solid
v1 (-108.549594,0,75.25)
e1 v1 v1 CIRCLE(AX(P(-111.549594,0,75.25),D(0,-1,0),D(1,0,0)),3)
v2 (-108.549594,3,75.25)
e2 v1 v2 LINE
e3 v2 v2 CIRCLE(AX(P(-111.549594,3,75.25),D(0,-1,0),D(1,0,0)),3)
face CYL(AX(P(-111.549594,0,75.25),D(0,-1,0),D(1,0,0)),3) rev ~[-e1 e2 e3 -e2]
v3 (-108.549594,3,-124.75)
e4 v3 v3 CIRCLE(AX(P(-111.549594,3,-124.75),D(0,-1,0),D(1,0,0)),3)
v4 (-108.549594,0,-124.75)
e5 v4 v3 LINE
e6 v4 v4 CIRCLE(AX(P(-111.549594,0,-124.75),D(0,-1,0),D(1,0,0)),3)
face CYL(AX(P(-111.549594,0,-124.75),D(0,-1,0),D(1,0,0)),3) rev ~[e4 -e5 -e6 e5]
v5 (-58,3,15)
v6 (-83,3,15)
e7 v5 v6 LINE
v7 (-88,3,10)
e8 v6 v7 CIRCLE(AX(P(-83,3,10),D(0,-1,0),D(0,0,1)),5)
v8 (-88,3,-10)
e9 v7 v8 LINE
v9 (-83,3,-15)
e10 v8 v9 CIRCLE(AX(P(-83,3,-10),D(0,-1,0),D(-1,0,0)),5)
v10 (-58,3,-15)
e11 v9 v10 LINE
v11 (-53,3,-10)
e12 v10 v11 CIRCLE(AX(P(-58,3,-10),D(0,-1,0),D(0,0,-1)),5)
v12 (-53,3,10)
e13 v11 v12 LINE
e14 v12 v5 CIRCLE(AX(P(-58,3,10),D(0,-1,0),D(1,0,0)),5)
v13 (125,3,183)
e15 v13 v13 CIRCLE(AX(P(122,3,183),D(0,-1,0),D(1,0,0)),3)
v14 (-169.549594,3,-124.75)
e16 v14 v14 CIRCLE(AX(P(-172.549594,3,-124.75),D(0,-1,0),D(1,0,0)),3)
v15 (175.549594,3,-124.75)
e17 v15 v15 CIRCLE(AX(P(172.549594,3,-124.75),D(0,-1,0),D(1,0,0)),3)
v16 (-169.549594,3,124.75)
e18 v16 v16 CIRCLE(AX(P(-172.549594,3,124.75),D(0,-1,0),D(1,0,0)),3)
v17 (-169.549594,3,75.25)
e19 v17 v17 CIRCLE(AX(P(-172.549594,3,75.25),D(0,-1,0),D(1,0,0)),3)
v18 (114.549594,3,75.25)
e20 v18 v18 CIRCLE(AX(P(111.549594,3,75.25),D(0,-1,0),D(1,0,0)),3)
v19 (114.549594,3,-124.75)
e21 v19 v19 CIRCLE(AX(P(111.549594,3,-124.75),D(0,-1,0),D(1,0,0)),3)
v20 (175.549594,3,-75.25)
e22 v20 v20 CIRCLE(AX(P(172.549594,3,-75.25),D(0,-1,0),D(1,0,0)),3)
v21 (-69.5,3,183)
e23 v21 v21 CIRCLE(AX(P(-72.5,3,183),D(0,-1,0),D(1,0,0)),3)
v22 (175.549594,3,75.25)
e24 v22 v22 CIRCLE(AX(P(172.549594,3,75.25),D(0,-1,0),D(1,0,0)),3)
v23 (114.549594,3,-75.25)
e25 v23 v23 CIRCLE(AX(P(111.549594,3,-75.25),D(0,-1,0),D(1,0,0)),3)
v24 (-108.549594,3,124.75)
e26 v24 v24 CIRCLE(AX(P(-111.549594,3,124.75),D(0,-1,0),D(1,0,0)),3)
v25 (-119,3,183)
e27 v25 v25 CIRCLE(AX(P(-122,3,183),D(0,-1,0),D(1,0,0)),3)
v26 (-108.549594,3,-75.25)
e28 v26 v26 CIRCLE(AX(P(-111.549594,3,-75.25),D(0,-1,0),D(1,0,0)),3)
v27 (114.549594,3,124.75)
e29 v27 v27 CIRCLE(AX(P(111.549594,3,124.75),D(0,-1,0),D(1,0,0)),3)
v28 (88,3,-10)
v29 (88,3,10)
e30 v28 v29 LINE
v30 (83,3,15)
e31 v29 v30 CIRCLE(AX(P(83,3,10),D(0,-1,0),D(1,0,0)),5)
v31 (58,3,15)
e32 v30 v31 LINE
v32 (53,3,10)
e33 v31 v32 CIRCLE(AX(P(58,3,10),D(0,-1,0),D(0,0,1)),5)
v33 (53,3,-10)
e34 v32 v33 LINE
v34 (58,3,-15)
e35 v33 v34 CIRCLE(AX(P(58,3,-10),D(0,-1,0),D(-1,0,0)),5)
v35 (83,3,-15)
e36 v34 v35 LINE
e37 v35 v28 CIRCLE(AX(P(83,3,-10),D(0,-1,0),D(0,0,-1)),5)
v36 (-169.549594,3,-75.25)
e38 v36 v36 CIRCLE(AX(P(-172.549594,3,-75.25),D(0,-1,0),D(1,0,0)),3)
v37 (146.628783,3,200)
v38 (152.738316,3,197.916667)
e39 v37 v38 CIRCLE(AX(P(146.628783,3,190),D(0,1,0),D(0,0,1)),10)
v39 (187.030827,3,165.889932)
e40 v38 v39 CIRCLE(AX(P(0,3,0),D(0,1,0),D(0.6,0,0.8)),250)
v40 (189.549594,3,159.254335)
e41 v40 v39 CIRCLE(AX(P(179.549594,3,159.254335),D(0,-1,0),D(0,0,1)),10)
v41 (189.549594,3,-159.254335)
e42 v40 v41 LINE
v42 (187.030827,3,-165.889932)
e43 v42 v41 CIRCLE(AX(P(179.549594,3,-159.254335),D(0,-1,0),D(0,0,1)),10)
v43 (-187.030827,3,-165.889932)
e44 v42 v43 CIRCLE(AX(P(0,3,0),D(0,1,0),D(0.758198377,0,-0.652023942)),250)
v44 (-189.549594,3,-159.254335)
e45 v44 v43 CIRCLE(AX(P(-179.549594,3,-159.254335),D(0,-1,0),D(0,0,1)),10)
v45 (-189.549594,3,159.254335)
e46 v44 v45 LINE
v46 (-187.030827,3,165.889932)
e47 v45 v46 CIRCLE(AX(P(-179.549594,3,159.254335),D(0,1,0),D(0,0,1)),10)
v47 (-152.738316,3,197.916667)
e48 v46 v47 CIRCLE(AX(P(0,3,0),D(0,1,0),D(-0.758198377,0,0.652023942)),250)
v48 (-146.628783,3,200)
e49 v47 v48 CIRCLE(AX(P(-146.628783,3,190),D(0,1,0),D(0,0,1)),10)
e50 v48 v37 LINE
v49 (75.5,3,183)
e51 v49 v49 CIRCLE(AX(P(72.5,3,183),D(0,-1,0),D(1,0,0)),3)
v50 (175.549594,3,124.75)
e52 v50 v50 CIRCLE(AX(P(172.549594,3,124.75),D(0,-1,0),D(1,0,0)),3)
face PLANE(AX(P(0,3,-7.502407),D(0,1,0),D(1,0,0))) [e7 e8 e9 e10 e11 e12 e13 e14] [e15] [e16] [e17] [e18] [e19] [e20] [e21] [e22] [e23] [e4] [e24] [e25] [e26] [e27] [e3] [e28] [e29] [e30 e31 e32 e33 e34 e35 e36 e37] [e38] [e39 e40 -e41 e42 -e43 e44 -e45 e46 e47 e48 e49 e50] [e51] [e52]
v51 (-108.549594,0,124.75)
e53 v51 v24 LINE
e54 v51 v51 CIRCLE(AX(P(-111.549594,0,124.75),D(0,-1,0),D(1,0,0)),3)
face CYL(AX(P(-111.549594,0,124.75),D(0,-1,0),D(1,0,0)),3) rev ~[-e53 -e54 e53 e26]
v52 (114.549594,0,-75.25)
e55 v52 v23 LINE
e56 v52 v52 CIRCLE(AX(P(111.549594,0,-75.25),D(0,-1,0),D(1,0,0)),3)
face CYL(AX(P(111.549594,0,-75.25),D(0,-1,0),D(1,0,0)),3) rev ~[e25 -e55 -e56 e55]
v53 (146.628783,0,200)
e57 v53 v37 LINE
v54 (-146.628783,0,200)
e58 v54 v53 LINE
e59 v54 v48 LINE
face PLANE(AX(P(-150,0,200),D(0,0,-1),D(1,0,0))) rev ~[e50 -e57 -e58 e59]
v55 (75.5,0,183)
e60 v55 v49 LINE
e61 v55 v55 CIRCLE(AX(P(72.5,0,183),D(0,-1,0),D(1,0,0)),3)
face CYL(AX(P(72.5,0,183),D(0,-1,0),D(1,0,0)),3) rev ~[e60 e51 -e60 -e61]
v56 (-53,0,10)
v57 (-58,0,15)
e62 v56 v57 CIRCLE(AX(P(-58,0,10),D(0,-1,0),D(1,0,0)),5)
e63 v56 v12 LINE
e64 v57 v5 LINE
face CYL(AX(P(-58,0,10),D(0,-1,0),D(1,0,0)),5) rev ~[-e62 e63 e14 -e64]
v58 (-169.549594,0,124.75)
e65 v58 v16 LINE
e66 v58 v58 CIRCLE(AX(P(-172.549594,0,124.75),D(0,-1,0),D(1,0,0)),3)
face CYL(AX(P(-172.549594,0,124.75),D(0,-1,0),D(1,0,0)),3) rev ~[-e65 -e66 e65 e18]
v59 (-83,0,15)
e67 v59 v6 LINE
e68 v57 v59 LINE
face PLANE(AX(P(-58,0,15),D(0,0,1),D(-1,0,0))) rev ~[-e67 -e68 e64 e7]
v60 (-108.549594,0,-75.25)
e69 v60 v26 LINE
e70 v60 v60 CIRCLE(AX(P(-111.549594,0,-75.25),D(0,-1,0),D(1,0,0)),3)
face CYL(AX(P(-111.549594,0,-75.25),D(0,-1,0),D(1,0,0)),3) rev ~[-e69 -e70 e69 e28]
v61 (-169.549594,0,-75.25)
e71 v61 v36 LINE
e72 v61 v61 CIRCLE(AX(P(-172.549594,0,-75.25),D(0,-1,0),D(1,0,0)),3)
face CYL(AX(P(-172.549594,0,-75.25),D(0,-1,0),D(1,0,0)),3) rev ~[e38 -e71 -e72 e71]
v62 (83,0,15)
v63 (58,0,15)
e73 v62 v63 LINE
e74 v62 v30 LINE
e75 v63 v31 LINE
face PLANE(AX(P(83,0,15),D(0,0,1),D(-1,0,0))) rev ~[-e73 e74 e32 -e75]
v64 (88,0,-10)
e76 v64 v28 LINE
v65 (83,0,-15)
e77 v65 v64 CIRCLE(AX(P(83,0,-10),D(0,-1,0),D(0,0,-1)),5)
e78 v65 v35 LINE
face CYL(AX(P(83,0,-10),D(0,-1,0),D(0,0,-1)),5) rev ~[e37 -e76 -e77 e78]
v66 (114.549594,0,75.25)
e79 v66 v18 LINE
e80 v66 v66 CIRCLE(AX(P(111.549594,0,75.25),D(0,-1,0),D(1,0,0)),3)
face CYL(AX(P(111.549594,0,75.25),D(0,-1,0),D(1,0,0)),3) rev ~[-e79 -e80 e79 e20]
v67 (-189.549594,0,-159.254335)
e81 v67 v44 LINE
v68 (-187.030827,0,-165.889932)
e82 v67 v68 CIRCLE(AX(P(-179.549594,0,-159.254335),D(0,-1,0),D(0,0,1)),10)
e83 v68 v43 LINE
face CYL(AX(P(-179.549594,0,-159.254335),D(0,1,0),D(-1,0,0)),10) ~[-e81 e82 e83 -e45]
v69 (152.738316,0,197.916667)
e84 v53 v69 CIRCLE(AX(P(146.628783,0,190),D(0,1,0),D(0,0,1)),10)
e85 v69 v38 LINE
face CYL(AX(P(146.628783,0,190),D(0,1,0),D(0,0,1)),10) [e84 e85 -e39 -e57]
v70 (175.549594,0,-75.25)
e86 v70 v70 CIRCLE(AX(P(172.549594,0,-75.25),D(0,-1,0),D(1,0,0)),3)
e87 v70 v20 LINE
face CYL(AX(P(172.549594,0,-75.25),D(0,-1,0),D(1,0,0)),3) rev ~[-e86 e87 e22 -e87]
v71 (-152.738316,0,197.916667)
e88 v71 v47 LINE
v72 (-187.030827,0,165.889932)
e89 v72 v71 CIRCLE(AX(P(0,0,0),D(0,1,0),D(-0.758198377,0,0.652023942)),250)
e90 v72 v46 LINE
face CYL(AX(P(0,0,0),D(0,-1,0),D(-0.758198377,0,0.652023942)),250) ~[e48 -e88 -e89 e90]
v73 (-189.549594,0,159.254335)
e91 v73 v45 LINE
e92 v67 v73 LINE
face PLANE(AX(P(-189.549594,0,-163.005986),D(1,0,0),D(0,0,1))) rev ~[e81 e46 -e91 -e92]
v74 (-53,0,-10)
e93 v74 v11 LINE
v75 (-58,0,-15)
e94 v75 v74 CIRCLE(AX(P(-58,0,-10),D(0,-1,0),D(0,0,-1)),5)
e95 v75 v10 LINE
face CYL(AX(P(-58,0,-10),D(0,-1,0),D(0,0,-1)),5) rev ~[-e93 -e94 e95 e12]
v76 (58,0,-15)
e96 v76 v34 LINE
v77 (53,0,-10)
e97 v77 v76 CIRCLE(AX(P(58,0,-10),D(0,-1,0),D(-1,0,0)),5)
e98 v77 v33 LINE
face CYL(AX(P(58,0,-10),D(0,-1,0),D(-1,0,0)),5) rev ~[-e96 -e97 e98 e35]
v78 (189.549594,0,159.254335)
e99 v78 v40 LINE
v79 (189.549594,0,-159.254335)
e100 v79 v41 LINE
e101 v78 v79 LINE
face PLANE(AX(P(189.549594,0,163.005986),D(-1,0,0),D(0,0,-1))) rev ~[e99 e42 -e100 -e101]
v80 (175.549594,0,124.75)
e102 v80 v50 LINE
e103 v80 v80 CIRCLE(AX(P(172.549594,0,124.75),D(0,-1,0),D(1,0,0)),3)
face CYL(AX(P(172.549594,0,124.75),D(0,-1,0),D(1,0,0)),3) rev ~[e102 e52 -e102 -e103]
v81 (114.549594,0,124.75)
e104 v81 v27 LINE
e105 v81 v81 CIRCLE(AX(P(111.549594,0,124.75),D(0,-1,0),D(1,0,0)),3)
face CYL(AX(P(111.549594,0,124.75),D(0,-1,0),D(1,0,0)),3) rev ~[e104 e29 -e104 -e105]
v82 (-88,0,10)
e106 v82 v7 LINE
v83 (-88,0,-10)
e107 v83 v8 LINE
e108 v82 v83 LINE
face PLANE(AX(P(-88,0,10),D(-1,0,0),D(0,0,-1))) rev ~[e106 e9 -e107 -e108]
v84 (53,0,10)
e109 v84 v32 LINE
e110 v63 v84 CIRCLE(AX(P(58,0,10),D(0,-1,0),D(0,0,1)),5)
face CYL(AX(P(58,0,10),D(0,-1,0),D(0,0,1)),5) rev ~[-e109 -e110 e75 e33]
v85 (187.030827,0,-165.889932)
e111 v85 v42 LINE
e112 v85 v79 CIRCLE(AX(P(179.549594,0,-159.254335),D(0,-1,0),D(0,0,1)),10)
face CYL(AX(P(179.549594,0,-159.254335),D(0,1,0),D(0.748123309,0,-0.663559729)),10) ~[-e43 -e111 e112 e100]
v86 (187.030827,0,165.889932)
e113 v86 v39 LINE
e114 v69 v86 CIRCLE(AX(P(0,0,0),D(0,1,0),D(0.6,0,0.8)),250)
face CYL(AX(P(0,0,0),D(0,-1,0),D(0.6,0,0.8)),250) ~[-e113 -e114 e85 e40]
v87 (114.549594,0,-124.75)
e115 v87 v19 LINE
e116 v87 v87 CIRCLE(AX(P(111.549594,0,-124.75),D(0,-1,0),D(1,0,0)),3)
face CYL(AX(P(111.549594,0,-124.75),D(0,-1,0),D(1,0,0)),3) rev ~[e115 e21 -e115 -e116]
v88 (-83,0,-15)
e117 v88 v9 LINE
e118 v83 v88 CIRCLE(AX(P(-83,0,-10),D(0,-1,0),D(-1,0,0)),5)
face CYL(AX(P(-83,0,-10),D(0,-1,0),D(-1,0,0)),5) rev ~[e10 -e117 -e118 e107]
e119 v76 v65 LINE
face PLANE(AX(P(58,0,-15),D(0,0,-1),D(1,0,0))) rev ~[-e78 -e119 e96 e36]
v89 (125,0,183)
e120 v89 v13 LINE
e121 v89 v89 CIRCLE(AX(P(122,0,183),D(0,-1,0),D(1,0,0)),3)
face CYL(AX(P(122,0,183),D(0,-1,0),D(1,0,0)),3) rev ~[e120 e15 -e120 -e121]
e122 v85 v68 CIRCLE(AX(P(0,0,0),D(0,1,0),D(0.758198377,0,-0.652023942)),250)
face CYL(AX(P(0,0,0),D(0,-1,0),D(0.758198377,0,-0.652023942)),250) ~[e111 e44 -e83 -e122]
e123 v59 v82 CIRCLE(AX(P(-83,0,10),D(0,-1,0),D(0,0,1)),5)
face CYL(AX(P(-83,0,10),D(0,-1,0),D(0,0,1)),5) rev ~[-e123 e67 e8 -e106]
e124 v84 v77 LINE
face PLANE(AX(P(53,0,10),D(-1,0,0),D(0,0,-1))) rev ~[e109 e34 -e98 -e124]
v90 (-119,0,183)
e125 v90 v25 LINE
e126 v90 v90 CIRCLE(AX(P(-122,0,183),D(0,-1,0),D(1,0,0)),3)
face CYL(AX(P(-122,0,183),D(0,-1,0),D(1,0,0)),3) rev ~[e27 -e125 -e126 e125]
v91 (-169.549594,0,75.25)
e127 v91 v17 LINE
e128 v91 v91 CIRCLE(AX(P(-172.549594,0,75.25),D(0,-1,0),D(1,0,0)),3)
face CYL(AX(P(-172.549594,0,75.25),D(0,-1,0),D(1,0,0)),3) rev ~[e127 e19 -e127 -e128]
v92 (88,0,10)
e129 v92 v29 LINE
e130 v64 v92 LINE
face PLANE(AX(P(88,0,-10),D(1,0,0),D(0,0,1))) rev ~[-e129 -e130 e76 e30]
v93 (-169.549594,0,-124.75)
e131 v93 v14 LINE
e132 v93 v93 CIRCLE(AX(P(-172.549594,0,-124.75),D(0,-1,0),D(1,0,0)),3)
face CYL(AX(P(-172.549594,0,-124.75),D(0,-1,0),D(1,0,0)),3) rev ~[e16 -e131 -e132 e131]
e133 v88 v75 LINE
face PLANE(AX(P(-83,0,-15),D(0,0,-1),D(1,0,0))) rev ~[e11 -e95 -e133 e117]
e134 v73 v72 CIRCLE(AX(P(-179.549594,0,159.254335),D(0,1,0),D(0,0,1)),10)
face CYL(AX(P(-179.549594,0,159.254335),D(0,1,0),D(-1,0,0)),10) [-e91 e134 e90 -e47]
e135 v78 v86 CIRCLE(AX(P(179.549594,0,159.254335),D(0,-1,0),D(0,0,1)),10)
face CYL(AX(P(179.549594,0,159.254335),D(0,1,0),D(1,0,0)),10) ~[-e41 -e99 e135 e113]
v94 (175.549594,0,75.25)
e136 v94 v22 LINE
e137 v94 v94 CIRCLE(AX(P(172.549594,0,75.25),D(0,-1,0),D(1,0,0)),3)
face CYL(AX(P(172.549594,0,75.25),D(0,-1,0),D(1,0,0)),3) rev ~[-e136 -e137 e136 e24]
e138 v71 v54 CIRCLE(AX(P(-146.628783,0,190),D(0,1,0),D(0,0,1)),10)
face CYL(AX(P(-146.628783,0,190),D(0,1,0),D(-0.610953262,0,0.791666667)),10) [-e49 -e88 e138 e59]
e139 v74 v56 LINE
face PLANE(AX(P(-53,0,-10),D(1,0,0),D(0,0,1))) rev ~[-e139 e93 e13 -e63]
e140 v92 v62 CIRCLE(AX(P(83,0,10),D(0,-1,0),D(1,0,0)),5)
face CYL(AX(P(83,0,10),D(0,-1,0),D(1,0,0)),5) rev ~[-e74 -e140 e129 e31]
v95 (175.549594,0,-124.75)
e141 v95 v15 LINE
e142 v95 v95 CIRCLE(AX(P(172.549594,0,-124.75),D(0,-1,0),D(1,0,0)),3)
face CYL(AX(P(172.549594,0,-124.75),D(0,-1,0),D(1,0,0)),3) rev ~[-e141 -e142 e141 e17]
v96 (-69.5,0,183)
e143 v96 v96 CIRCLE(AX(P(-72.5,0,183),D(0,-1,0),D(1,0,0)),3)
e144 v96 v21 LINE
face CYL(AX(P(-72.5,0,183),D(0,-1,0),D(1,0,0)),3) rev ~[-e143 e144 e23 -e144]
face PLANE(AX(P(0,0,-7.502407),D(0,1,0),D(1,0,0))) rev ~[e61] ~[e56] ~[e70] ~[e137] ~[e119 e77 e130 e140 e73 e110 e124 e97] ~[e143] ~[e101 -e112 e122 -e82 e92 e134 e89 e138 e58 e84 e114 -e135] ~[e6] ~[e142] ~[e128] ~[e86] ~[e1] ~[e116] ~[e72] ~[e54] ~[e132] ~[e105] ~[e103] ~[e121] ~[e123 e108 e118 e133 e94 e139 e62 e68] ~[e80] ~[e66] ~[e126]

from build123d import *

# Parameters (mm, degrees)
BOSS_EXTRUDE1_DEPTH     = 3
FILLET1_R               = 10
SKETCH2_R               = 3
CUT_EXTRUDE1_DEPTH      = 1
CUT_EXTRUDE1_DEPTH_BACK = 4


with BuildPart() as part:
    # Sketch1 → Boss-Extrude1 (new body)
    with BuildSketch(Plane(origin=(0, 0, 0), x_dir=(1, 0, 0), z_dir=(0, 1, 0))):
        with BuildLine():
            Line((-189.549594269, 163.005985511), (-189.549594269, 15))
            Line((-189.549594269, 15), (-189.549594269, -15))
            Line((-189.549594269, -15), (-189.549594269, -163.005985511))
            ThreePointArc((-189.549594269, -163.005985511), (-170.779451396, -182.577049436), (-150, -200))
            Line((-150, -200), (150, -200))
            ThreePointArc((150, -200), (170.779451396, -182.577049436), (189.549594269, -163.005985511))
            Line((189.549594269, -163.005985511), (189.549594269, -15))
            Line((189.549594269, -15), (189.549594269, 15))
            Line((189.549594269, 15), (189.549594269, 163.005985511))
            ThreePointArc((189.549594269, 163.005985511), (0, 250), (-189.549594269, 163.005985511))
        make_face()
        with BuildLine():
            ThreePointArc((-83, -15), (-86.535533906, -13.535533906), (-88, -10))
            Line((-88, -10), (-88, 10))
            ThreePointArc((-88, 10), (-86.535533906, 13.535533906), (-83, 15))
            Line((-83, 15), (-58, 15))
            ThreePointArc((-58, 15), (-54.464466094, 13.535533906), (-53, 10))
            Line((-53, 10), (-53, -10))
            ThreePointArc((-53, -10), (-54.464466094, -13.535533906), (-58, -15))
            Line((-58, -15), (-83, -15))
        make_face(mode=Mode.SUBTRACT)
        with BuildLine():
            Line((53, -10), (53, 10))
            ThreePointArc((53, 10), (54.464466094, 13.535533906), (58, 15))
            Line((58, 15), (83, 15))
            ThreePointArc((83, 15), (86.535533906, 13.535533906), (88, 10))
            Line((88, 10), (88, -10))
            ThreePointArc((88, -10), (86.535533906, -13.535533906), (83, -15))
            Line((83, -15), (58, -15))
            ThreePointArc((58, -15), (54.464466094, -13.535533906), (53, -10))
        make_face(mode=Mode.SUBTRACT)
    extrude(amount=BOSS_EXTRUDE1_DEPTH)

    # Fillet1
    fillet1_edges = [part.edges().sort_by_distance(p)[0] for p in [
        (189.549594269, 1.5, 163.005985511),
        (150, 1.5, 200),
        (-150, 1.5, 200),
        (-189.549594269, 1.5, 163.005985511),
        (-189.549594269, 1.5, -163.005985511),
        (189.549594269, 1.5, -163.005985511),
    ]]
    fillet(fillet1_edges, radius=FILLET1_R)

    # Sketch2 → Cut-Extrude1 (cut, two sides)
    with BuildSketch(Plane.XZ) as cut_extrude1_sk:
        with Locations((-172.549594269, -124.75)):
            Circle(SKETCH2_R)
        with Locations((-172.549594269, -75.25)):
            Circle(SKETCH2_R)
        with Locations((-111.549594269, -124.75)):
            Circle(SKETCH2_R)
        with Locations((-111.549594269, -75.25)):
            Circle(SKETCH2_R)
        with Locations((111.549594269, -75.25)):
            Circle(SKETCH2_R)
        with Locations((172.549594269, -75.25)):
            Circle(SKETCH2_R)
        with Locations((172.549594269, -124.75)):
            Circle(SKETCH2_R)
        with Locations((111.549594269, -124.75)):
            Circle(SKETCH2_R)
        with Locations((172.549594269, 75.25)):
            Circle(SKETCH2_R)
        with Locations((172.549594269, 124.75)):
            Circle(SKETCH2_R)
        with Locations((111.549594269, 124.75)):
            Circle(SKETCH2_R)
        with Locations((111.549594269, 75.25)):
            Circle(SKETCH2_R)
        with Locations((-172.549594269, 75.25)):
            Circle(SKETCH2_R)
        with Locations((-111.549594269, 75.25)):
            Circle(SKETCH2_R)
        with Locations((-111.549594269, 124.75)):
            Circle(SKETCH2_R)
        with Locations((-172.549594269, 124.75)):
            Circle(SKETCH2_R)
        with Locations((-122, 183)):
            Circle(SKETCH2_R)
        with Locations((-72.5, 183)):
            Circle(SKETCH2_R)
        with Locations((72.5, 183)):
            Circle(SKETCH2_R)
        with Locations((122, 183)):
            Circle(SKETCH2_R)
    extrude(amount=CUT_EXTRUDE1_DEPTH, mode=Mode.SUBTRACT)
    extrude(cut_extrude1_sk.sketch, amount=-CUT_EXTRUDE1_DEPTH_BACK, mode=Mode.SUBTRACT)


solid = part.part
